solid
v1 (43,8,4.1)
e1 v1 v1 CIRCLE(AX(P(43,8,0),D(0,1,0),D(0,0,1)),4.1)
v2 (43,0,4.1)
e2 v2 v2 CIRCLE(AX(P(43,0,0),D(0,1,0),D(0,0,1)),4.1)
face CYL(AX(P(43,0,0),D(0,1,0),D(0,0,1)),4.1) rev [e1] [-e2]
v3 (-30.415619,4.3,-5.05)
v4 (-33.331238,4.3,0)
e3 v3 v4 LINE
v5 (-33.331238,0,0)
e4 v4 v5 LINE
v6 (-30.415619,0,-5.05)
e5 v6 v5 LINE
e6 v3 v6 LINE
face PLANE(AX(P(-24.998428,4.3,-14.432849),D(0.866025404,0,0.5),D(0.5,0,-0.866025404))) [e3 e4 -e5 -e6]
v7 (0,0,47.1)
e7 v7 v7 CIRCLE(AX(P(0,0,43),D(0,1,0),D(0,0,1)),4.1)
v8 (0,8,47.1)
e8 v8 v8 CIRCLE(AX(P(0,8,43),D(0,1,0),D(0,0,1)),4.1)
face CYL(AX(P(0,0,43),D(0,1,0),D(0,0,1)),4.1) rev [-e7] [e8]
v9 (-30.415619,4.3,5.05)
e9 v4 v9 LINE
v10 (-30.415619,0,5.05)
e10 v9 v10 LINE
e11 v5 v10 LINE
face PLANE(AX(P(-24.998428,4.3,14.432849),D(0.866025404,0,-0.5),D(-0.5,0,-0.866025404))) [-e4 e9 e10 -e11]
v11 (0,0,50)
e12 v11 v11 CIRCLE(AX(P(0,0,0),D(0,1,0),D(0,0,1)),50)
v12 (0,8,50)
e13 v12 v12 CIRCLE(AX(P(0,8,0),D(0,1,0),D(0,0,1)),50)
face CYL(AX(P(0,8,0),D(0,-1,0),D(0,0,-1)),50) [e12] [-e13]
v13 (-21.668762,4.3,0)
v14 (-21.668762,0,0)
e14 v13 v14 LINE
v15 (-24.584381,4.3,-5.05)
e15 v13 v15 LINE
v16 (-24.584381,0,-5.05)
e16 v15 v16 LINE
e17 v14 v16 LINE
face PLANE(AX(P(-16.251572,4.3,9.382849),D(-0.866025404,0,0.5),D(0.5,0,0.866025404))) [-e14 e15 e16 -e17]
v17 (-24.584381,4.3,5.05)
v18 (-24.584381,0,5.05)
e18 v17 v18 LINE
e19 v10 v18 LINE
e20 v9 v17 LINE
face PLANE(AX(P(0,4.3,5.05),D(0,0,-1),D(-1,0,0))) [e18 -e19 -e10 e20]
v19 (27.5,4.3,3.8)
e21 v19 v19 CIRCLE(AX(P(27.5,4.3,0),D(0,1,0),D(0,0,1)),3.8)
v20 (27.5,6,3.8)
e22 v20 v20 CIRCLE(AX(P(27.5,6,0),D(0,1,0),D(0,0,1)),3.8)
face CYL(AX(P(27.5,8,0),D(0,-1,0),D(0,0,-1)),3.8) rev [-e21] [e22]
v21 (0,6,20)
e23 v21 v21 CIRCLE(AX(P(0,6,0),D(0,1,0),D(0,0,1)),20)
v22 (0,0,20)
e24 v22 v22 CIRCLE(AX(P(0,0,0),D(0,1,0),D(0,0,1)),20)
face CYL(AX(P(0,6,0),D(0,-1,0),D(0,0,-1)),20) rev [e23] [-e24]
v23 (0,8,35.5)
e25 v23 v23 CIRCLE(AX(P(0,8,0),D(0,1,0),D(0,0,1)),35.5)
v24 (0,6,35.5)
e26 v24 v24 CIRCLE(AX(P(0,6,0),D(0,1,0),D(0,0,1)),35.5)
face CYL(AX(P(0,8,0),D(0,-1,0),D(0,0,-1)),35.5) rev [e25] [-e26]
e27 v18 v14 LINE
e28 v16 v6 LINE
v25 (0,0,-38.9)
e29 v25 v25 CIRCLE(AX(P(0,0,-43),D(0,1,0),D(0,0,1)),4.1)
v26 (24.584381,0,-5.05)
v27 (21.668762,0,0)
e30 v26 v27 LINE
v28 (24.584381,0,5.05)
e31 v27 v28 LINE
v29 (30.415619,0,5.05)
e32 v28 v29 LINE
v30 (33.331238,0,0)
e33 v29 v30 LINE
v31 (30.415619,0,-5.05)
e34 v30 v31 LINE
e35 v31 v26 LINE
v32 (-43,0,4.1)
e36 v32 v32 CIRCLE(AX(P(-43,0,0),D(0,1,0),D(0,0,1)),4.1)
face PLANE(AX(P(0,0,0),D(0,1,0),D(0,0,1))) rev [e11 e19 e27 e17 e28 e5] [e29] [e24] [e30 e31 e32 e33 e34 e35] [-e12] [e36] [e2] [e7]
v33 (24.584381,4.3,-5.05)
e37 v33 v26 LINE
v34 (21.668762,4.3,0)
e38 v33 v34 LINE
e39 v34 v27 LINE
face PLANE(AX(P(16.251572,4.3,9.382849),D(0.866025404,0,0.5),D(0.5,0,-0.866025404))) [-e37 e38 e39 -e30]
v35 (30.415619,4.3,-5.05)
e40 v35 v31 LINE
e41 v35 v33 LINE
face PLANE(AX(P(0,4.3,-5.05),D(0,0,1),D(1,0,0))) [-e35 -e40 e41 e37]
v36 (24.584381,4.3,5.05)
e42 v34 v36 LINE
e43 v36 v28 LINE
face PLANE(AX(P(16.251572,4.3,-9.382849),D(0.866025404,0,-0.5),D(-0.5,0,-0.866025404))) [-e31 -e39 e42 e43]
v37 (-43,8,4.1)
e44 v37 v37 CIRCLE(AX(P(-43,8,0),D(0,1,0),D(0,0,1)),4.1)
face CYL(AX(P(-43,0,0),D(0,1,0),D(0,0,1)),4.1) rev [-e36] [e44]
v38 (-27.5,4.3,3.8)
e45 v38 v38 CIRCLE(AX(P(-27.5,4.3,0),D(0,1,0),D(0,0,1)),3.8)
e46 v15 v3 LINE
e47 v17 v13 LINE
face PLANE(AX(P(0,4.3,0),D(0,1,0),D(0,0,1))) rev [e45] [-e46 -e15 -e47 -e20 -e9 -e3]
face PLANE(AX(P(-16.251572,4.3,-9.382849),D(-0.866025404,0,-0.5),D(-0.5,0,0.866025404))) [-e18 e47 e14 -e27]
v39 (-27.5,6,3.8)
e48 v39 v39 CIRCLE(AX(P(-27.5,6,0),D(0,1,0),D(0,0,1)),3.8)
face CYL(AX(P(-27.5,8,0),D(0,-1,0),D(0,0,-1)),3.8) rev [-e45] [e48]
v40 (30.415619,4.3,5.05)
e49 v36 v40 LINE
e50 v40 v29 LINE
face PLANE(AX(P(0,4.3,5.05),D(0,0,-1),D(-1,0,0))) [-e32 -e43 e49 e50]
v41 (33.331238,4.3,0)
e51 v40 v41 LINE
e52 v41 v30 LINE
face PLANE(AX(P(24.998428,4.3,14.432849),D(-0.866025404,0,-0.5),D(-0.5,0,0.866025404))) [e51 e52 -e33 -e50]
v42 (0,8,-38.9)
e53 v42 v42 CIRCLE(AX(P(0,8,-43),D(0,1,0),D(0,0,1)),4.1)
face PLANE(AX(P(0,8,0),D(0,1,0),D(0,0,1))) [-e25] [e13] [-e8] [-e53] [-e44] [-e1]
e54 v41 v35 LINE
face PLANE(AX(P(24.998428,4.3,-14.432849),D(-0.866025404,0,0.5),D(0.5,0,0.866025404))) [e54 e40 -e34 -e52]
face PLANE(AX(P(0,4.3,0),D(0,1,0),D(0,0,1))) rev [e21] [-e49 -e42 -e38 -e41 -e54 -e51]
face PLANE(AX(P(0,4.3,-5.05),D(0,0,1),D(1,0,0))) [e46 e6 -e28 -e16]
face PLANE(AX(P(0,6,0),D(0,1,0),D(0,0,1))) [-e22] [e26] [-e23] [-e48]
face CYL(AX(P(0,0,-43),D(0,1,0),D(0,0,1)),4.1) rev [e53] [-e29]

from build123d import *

# Parameters (mm, degrees)
SKETCH1_R               = 50
SKETCH1_R_2             = 35.5
BOSS_EXTRUDE1_DEPTH     = 8
SKETCH2_R               = 4.1
CUT_EXTRUDE1_DEPTH      = 1
CUT_EXTRUDE1_DEPTH_BACK = 9
SKETCH3_R               = 35.5
SKETCH3_R_2             = 20
BOSS_EXTRUDE2_DEPTH     = 6
CUT_EXTRUDE2_START      = -6
CUT_EXTRUDE2_DEPTH      = 4.3
SKETCH5_R               = 3.8
CUT_EXTRUDE3_DEPTH      = 7
CUT_EXTRUDE3_DEPTH_BACK = 3


with BuildPart() as part:
    # Sketch1 → Boss-Extrude1 (new body)
    with BuildSketch(Plane(origin=(0, 0, 0), x_dir=(1, 0, 0), z_dir=(0, 1, 0))):
        Circle(SKETCH1_R)
        Circle(SKETCH1_R_2, mode=Mode.SUBTRACT)
    extrude(amount=BOSS_EXTRUDE1_DEPTH)

    # Sketch2 → Cut-Extrude1 (cut, two sides)
    with BuildSketch(Plane(origin=(0, 8, 0), x_dir=(1, 0, 0), z_dir=(0, 1, 0))) as cut_extrude1_sk:
        with Locations((0, -43)):
            Circle(SKETCH2_R)
        with Locations((-43, 0)):
            Circle(SKETCH2_R)
        with Locations((0, 43)):
            Circle(SKETCH2_R)
        with Locations((43, 0)):
            Circle(SKETCH2_R)
    extrude(amount=CUT_EXTRUDE1_DEPTH, mode=Mode.SUBTRACT)
    extrude(cut_extrude1_sk.sketch, amount=-CUT_EXTRUDE1_DEPTH_BACK, mode=Mode.SUBTRACT)

    # Sketch3 → Boss-Extrude2 (add)
    with BuildSketch(Plane(origin=(0, 0, 0), x_dir=(1, 0, 0), z_dir=(0, 1, 0))):
        Circle(SKETCH3_R)
        Circle(SKETCH3_R_2, mode=Mode.SUBTRACT)
    extrude(amount=BOSS_EXTRUDE2_DEPTH)

    # Sketch4 → Cut-Extrude2 (cut)
    with BuildSketch(Plane(origin=(0, 6, 0), x_dir=(1, 0, 0), z_dir=(0, 1, 0)).offset(CUT_EXTRUDE2_START)):
        Polygon((-21.668762281, 0), (-24.584381141, 5.05), (-30.415618859, 5.05), (-33.331237719, 0), (-30.415618859, -5.05), (-24.584381141, -5.05), align=None)
        Polygon((33.331237719, 0), (30.415618859, 5.05), (24.584381141, 5.05), (21.668762281, 0), (24.584381141, -5.05), (30.415618859, -5.05), align=None)
    extrude(amount=CUT_EXTRUDE2_DEPTH, mode=Mode.SUBTRACT)

    # Sketch5 → Cut-Extrude3 (cut, two sides)
    with BuildSketch(Plane(origin=(0, 6, -6), x_dir=(1, 0, 0), z_dir=(0, -1, 0))) as cut_extrude3_sk:
        with Locations((-27.5, 6)):
            Circle(SKETCH5_R)
        with Locations((27.5, 6)):
            Circle(SKETCH5_R)
    extrude(amount=CUT_EXTRUDE3_DEPTH, mode=Mode.SUBTRACT)
    extrude(cut_extrude3_sk.sketch, amount=-CUT_EXTRUDE3_DEPTH_BACK, mode=Mode.SUBTRACT)


solid = part.part
